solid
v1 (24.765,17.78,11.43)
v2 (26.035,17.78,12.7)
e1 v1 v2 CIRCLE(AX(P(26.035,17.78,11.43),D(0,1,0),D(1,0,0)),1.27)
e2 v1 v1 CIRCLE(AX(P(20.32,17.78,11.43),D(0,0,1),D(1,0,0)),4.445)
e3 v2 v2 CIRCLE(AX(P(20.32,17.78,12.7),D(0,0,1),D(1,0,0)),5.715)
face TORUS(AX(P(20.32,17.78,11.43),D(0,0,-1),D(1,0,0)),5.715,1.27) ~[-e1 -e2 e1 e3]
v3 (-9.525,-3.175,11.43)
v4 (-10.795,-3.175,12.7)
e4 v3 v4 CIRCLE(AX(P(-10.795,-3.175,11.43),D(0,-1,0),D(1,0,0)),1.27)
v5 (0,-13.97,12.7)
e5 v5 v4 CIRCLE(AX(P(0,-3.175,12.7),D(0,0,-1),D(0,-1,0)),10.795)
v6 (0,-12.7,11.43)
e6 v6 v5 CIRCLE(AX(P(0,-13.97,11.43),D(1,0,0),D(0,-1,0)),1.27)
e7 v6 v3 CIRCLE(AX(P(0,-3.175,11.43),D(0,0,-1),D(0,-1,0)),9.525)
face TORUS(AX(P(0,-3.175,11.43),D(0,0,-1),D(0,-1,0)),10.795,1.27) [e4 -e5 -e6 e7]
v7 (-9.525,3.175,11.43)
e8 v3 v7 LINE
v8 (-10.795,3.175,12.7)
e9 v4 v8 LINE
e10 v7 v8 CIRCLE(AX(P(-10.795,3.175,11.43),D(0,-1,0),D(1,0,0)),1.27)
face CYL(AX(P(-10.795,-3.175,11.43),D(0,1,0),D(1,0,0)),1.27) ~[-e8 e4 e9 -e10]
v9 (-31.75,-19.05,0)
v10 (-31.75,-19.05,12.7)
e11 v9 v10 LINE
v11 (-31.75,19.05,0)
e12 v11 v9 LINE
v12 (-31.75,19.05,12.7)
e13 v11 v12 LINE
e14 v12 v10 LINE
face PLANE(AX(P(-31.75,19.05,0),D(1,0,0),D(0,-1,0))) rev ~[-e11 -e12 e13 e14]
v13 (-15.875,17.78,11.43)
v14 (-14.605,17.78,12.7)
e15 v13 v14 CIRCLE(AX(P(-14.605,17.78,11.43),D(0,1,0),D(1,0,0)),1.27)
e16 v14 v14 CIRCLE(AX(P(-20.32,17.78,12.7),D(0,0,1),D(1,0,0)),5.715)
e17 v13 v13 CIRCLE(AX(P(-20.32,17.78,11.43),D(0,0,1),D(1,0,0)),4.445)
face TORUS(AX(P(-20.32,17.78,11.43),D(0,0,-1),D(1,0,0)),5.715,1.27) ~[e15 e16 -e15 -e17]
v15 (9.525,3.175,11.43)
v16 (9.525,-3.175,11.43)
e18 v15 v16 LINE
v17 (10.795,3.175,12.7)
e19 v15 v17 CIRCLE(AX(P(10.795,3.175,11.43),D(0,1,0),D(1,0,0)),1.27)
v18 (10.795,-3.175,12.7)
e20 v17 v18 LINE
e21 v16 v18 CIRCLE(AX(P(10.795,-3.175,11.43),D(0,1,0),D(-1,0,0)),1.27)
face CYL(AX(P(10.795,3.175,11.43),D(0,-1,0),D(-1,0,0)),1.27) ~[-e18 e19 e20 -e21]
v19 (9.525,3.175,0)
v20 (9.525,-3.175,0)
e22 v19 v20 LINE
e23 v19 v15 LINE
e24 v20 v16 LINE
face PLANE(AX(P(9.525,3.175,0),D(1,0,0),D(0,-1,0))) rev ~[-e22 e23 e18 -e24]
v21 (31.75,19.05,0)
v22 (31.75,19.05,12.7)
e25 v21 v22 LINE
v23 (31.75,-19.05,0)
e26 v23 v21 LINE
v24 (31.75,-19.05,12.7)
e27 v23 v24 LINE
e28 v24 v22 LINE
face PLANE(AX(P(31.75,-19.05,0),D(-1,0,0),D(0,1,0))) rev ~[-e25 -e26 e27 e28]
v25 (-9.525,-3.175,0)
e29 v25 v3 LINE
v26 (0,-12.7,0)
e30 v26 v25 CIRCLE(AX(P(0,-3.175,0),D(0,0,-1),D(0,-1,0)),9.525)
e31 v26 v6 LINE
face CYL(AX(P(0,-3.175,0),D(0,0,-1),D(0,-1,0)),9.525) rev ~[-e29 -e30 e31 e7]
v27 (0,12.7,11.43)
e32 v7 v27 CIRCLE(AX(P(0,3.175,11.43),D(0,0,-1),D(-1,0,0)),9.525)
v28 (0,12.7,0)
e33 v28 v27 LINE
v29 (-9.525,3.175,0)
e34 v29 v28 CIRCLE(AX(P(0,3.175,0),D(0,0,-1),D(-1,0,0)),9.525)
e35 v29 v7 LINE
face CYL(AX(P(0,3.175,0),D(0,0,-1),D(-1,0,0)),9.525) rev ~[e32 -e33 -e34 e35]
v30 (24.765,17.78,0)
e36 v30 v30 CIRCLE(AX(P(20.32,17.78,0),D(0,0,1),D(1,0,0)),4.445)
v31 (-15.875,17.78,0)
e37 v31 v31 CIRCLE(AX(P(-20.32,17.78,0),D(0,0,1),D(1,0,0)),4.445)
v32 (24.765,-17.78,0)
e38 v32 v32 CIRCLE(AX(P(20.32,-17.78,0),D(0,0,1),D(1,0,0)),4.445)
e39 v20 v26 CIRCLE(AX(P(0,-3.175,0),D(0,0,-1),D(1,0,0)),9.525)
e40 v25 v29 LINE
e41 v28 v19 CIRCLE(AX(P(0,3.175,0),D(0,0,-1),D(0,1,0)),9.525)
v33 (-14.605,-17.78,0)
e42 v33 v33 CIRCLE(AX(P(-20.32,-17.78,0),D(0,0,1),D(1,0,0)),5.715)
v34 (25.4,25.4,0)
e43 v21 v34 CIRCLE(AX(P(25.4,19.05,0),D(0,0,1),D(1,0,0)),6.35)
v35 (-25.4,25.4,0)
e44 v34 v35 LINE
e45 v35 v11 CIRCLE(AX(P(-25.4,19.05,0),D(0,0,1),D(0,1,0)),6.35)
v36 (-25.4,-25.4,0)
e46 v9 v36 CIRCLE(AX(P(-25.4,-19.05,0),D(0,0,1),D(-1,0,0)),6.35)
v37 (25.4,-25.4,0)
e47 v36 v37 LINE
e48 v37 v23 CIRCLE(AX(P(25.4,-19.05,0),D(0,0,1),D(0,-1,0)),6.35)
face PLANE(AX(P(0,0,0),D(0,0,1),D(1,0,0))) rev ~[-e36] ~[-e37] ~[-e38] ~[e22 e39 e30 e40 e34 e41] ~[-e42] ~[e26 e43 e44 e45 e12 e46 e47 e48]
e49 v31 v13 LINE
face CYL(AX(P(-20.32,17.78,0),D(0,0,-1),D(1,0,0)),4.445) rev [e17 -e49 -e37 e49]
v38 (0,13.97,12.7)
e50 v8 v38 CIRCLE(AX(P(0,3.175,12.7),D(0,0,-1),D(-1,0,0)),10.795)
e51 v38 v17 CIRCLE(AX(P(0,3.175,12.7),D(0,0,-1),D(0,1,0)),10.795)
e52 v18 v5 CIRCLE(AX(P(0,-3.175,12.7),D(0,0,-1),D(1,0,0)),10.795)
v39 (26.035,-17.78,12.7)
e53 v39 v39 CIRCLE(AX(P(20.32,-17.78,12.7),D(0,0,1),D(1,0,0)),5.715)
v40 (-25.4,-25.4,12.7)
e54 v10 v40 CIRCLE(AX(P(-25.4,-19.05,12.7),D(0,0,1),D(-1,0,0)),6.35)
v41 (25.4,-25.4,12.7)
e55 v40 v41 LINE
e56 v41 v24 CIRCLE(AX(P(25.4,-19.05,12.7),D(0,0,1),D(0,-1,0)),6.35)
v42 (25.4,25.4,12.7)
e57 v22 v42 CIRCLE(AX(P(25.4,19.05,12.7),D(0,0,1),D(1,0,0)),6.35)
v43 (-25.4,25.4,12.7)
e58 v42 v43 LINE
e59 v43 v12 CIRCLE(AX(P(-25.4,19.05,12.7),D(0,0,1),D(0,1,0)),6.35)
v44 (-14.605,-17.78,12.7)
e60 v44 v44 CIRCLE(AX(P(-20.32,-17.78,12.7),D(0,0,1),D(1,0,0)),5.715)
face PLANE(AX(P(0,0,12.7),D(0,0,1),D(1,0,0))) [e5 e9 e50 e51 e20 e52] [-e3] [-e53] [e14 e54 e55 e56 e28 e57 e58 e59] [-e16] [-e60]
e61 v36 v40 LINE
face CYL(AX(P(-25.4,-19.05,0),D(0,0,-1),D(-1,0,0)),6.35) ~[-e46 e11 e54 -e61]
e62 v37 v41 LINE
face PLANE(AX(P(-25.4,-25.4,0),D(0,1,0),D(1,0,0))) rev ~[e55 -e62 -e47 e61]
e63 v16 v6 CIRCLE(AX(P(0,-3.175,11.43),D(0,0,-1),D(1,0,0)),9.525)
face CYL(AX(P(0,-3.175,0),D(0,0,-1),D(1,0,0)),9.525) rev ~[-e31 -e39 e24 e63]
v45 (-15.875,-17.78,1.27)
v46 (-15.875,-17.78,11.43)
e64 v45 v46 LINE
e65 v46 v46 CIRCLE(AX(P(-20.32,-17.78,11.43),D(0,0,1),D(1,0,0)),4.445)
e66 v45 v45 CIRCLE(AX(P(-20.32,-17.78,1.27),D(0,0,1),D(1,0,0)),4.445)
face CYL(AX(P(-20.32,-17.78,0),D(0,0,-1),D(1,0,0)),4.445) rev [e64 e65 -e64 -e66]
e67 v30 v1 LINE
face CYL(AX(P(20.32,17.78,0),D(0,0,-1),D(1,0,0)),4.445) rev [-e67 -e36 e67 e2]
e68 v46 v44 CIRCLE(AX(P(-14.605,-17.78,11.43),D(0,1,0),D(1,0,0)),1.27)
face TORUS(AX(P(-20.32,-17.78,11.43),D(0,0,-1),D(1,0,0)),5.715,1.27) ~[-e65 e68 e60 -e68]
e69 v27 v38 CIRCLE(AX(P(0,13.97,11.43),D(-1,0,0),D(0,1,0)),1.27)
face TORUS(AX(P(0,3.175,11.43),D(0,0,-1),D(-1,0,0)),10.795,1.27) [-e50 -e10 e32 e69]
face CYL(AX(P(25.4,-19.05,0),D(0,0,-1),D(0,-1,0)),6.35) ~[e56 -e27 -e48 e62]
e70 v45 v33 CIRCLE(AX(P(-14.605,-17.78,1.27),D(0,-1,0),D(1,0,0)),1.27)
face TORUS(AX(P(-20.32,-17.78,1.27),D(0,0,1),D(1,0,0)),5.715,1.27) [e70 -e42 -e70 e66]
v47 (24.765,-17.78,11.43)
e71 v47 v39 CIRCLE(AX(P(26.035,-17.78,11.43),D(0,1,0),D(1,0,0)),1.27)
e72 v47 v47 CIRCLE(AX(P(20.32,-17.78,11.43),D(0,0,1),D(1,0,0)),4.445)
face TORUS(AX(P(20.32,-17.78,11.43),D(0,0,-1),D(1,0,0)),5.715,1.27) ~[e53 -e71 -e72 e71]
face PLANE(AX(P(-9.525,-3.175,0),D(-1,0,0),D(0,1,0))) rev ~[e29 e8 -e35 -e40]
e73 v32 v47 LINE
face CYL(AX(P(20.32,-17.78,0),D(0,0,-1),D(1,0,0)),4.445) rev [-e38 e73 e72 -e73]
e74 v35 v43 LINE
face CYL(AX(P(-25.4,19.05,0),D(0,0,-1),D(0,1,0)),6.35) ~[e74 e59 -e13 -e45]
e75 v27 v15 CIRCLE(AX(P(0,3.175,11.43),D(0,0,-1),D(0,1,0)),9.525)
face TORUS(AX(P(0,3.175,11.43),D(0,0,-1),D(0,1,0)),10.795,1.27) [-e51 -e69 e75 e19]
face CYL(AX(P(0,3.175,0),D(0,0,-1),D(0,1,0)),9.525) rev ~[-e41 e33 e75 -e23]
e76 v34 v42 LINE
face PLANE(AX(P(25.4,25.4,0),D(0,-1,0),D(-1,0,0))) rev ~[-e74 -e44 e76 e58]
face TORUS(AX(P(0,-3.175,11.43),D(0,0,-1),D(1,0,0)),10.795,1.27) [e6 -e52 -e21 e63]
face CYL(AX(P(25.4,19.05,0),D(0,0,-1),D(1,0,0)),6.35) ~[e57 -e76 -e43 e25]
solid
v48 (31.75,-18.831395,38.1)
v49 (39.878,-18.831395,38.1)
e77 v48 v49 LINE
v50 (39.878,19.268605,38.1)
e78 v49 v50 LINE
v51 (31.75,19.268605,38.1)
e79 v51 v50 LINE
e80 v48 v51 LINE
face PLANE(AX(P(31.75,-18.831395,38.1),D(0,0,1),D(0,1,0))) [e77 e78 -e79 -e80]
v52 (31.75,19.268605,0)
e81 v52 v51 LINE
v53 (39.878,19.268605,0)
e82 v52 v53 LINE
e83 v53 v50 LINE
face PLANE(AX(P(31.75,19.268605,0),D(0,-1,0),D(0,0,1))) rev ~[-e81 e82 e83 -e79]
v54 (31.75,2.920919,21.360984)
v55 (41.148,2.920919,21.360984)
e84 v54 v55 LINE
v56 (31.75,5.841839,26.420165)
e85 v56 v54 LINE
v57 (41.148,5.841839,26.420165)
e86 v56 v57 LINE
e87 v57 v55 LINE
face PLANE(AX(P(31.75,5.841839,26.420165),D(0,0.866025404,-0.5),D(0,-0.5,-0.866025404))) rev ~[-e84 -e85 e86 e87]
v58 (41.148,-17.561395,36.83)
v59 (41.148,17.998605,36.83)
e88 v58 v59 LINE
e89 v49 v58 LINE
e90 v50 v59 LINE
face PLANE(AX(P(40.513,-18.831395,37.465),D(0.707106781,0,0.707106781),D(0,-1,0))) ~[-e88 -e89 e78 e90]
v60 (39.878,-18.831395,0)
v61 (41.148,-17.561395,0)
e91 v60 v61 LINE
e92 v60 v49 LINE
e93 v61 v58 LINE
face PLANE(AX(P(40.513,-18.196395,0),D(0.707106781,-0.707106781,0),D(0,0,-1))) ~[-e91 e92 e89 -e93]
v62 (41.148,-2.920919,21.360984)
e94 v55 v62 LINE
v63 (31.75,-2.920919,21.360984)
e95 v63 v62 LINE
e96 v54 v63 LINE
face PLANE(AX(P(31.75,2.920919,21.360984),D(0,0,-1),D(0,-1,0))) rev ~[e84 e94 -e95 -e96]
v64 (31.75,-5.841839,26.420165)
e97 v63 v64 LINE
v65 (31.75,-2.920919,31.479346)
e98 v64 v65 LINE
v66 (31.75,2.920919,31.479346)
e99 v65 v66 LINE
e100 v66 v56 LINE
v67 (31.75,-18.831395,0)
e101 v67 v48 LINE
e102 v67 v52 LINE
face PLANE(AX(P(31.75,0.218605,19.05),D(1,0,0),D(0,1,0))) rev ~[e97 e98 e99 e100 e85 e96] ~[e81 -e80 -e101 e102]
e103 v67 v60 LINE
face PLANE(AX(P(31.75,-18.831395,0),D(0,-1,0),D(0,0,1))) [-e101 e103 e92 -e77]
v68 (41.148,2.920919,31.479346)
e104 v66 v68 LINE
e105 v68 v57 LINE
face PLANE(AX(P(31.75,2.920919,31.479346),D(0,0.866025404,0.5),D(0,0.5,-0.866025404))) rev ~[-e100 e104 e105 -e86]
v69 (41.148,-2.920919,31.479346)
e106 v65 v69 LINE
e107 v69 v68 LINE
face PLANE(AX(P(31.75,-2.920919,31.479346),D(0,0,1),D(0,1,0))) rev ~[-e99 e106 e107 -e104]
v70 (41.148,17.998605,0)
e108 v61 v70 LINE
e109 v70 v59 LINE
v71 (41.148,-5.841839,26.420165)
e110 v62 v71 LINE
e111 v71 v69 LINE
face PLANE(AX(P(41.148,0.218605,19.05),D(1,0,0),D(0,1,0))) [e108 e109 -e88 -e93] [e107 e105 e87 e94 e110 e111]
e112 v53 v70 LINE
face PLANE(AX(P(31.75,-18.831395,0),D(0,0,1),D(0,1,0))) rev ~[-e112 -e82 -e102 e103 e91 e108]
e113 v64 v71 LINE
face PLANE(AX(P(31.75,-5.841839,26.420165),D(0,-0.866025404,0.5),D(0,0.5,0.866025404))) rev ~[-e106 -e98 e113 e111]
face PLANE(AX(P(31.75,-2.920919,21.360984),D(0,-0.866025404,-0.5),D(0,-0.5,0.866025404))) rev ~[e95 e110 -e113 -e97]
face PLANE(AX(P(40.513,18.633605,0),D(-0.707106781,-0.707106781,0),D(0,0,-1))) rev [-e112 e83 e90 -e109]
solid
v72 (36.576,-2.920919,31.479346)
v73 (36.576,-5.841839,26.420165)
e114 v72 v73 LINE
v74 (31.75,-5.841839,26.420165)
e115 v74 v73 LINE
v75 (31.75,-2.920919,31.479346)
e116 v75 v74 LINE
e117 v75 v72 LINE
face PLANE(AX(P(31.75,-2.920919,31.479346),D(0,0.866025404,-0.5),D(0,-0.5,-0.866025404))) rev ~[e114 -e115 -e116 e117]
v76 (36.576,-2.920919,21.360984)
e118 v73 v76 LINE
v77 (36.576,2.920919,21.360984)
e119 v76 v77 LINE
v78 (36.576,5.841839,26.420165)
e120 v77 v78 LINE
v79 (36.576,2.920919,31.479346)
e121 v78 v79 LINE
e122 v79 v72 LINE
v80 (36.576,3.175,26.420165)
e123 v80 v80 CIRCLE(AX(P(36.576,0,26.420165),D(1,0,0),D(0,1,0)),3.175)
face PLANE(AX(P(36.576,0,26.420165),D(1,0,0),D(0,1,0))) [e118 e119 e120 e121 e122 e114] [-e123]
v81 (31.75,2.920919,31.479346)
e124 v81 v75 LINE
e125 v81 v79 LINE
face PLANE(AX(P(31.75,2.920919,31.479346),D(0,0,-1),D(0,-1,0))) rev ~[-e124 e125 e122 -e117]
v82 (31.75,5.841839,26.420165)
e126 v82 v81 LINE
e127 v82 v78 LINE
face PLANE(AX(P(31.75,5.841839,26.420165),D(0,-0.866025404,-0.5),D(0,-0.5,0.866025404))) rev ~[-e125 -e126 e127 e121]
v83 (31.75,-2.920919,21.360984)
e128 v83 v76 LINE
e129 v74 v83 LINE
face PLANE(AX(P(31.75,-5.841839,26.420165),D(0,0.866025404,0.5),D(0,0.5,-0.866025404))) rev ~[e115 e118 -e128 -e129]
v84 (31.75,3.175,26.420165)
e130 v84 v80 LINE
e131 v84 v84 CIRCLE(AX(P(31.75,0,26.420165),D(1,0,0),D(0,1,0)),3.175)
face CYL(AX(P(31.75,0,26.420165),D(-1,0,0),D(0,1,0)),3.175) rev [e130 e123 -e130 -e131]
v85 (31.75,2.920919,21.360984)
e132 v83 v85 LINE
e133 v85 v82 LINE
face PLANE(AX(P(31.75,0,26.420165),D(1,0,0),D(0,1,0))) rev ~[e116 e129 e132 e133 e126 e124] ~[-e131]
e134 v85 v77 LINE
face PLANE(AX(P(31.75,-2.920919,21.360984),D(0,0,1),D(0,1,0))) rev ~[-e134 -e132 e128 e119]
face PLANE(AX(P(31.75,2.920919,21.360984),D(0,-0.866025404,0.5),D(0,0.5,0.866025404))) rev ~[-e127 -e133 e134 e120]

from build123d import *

# Parameters (mm, degrees)
F0_R     = 4.445
F1_DEPTH = 12.7
F2_R     = 1.27
F4_START = 31.75
F3_R     = 3.175
F4_DEPTH = 4.826
F5_START = 31.75
F3_W     = 38.1
F3_H     = 38.1
F5_DEPTH = 9.398
F6_SIZE  = 1.27


with BuildPart() as f1:
    # F0 (on Top) → F1 (new body)
    with BuildSketch(Plane.XY):
        with BuildLine():
            ThreePointArc((31.75, 19.05), (29.8901280605, 23.5401280605), (25.4, 25.4))
            Line((25.4, 25.4), (-25.4, 25.4))
            ThreePointArc((-25.4, 25.4), (-29.8901280605, 23.5401280605), (-31.75, 19.05))
            Line((-31.75, 19.05), (-31.75, -19.05))
            ThreePointArc((-31.75, -19.05), (-29.8901280605, -23.5401280605), (-25.4, -25.4))
            Line((-25.4, -25.4), (25.4, -25.4))
            ThreePointArc((25.4, -25.4), (29.8901280605, -23.5401280605), (31.75, -19.05))
            Line((31.75, -19.05), (31.75, 19.05))
        make_face()
        with Locations((-20.32, -17.78)):
            Circle(F0_R, mode=Mode.SUBTRACT)
        with Locations((20.32, -17.78)):
            Circle(F0_R, mode=Mode.SUBTRACT)
        with BuildLine():
            ThreePointArc((0, 12.7), (6.7351920908, 9.9101920908), (9.525, 3.175))
            Line((9.525, 3.175), (9.525, -3.175))
            ThreePointArc((9.525, -3.175), (6.7351920908, -9.9101920908), (0, -12.7))
            ThreePointArc((0, -12.7), (-6.7351920908, -9.9101920908), (-9.525, -3.175))
            Line((-9.525, -3.175), (-9.525, 3.175))
            ThreePointArc((-9.525, 3.175), (-6.7351920908, 9.9101920908), (0, 12.7))
        make_face(mode=Mode.SUBTRACT)
        with Locations((-20.32, 17.78)):
            Circle(F0_R, mode=Mode.SUBTRACT)
        with Locations((20.32, 17.78)):
            Circle(F0_R, mode=Mode.SUBTRACT)
    extrude(amount=F1_DEPTH)

    # F2
    f2_edges = [f1.edges().sort_by_distance(p)[0] for p in [
        (-24.765, 17.78, 12.7),
        (-15.875, -17.78, 6.35),
        (-24.765, -17.78, 0),
        (-24.765, -17.78, 12.7),
        (15.875, -17.78, 12.7),
        (15.875, 17.78, 12.7),
        (0, -12.7, 12.7),
        (-9.525, 0, 12.7),
        (0, 12.7, 12.7),
        (9.525, 0, 12.7),
    ]]
    fillet(f2_edges, radius=F2_R)


with BuildPart() as f4:
    # F3 (on Right) → F4 (new body)
    with BuildSketch(Plane.YZ.offset(F4_START)):
        Polygon((-2.9209193859, 21.3609840721), (2.9209193859, 21.3609840721), (5.8418387719, 26.4201648533), (2.9209193859, 31.4793456346), (-2.9209193859, 31.4793456346), (-5.8418387719, 26.4201648533), align=None)
        with Locations((0, 26.4201648533)):
            Circle(F3_R, mode=Mode.SUBTRACT)
    extrude(amount=F4_DEPTH)


with BuildPart() as f5:
    # F3 (on Right) → F5 (new body)
    with BuildSketch(Plane.YZ.offset(F5_START)):
        with Locations((0.2186053872, 19.05)):
            Rectangle(F3_W, F3_H)
        Polygon((5.8418387719, 26.4201648533), (2.9209193859, 21.3609840721), (-2.9209193859, 21.3609840721), (-5.8418387719, 26.4201648533), (-2.9209193859, 31.4793456346), (2.9209193859, 31.4793456346), align=None, mode=Mode.SUBTRACT)
    extrude(amount=F5_DEPTH)

    # F6
    f6_edges = [f5.edges().sort_by_distance(p)[0] for p in [
        (41.148, 0.218605, 38.1),
        (41.148, -18.831395, 19.05),
        (41.148, 19.268605, 19.05),
    ]]
    chamfer(f6_edges, length=F6_SIZE)


solid = Compound([f1.part, f4.part, f5.part])
